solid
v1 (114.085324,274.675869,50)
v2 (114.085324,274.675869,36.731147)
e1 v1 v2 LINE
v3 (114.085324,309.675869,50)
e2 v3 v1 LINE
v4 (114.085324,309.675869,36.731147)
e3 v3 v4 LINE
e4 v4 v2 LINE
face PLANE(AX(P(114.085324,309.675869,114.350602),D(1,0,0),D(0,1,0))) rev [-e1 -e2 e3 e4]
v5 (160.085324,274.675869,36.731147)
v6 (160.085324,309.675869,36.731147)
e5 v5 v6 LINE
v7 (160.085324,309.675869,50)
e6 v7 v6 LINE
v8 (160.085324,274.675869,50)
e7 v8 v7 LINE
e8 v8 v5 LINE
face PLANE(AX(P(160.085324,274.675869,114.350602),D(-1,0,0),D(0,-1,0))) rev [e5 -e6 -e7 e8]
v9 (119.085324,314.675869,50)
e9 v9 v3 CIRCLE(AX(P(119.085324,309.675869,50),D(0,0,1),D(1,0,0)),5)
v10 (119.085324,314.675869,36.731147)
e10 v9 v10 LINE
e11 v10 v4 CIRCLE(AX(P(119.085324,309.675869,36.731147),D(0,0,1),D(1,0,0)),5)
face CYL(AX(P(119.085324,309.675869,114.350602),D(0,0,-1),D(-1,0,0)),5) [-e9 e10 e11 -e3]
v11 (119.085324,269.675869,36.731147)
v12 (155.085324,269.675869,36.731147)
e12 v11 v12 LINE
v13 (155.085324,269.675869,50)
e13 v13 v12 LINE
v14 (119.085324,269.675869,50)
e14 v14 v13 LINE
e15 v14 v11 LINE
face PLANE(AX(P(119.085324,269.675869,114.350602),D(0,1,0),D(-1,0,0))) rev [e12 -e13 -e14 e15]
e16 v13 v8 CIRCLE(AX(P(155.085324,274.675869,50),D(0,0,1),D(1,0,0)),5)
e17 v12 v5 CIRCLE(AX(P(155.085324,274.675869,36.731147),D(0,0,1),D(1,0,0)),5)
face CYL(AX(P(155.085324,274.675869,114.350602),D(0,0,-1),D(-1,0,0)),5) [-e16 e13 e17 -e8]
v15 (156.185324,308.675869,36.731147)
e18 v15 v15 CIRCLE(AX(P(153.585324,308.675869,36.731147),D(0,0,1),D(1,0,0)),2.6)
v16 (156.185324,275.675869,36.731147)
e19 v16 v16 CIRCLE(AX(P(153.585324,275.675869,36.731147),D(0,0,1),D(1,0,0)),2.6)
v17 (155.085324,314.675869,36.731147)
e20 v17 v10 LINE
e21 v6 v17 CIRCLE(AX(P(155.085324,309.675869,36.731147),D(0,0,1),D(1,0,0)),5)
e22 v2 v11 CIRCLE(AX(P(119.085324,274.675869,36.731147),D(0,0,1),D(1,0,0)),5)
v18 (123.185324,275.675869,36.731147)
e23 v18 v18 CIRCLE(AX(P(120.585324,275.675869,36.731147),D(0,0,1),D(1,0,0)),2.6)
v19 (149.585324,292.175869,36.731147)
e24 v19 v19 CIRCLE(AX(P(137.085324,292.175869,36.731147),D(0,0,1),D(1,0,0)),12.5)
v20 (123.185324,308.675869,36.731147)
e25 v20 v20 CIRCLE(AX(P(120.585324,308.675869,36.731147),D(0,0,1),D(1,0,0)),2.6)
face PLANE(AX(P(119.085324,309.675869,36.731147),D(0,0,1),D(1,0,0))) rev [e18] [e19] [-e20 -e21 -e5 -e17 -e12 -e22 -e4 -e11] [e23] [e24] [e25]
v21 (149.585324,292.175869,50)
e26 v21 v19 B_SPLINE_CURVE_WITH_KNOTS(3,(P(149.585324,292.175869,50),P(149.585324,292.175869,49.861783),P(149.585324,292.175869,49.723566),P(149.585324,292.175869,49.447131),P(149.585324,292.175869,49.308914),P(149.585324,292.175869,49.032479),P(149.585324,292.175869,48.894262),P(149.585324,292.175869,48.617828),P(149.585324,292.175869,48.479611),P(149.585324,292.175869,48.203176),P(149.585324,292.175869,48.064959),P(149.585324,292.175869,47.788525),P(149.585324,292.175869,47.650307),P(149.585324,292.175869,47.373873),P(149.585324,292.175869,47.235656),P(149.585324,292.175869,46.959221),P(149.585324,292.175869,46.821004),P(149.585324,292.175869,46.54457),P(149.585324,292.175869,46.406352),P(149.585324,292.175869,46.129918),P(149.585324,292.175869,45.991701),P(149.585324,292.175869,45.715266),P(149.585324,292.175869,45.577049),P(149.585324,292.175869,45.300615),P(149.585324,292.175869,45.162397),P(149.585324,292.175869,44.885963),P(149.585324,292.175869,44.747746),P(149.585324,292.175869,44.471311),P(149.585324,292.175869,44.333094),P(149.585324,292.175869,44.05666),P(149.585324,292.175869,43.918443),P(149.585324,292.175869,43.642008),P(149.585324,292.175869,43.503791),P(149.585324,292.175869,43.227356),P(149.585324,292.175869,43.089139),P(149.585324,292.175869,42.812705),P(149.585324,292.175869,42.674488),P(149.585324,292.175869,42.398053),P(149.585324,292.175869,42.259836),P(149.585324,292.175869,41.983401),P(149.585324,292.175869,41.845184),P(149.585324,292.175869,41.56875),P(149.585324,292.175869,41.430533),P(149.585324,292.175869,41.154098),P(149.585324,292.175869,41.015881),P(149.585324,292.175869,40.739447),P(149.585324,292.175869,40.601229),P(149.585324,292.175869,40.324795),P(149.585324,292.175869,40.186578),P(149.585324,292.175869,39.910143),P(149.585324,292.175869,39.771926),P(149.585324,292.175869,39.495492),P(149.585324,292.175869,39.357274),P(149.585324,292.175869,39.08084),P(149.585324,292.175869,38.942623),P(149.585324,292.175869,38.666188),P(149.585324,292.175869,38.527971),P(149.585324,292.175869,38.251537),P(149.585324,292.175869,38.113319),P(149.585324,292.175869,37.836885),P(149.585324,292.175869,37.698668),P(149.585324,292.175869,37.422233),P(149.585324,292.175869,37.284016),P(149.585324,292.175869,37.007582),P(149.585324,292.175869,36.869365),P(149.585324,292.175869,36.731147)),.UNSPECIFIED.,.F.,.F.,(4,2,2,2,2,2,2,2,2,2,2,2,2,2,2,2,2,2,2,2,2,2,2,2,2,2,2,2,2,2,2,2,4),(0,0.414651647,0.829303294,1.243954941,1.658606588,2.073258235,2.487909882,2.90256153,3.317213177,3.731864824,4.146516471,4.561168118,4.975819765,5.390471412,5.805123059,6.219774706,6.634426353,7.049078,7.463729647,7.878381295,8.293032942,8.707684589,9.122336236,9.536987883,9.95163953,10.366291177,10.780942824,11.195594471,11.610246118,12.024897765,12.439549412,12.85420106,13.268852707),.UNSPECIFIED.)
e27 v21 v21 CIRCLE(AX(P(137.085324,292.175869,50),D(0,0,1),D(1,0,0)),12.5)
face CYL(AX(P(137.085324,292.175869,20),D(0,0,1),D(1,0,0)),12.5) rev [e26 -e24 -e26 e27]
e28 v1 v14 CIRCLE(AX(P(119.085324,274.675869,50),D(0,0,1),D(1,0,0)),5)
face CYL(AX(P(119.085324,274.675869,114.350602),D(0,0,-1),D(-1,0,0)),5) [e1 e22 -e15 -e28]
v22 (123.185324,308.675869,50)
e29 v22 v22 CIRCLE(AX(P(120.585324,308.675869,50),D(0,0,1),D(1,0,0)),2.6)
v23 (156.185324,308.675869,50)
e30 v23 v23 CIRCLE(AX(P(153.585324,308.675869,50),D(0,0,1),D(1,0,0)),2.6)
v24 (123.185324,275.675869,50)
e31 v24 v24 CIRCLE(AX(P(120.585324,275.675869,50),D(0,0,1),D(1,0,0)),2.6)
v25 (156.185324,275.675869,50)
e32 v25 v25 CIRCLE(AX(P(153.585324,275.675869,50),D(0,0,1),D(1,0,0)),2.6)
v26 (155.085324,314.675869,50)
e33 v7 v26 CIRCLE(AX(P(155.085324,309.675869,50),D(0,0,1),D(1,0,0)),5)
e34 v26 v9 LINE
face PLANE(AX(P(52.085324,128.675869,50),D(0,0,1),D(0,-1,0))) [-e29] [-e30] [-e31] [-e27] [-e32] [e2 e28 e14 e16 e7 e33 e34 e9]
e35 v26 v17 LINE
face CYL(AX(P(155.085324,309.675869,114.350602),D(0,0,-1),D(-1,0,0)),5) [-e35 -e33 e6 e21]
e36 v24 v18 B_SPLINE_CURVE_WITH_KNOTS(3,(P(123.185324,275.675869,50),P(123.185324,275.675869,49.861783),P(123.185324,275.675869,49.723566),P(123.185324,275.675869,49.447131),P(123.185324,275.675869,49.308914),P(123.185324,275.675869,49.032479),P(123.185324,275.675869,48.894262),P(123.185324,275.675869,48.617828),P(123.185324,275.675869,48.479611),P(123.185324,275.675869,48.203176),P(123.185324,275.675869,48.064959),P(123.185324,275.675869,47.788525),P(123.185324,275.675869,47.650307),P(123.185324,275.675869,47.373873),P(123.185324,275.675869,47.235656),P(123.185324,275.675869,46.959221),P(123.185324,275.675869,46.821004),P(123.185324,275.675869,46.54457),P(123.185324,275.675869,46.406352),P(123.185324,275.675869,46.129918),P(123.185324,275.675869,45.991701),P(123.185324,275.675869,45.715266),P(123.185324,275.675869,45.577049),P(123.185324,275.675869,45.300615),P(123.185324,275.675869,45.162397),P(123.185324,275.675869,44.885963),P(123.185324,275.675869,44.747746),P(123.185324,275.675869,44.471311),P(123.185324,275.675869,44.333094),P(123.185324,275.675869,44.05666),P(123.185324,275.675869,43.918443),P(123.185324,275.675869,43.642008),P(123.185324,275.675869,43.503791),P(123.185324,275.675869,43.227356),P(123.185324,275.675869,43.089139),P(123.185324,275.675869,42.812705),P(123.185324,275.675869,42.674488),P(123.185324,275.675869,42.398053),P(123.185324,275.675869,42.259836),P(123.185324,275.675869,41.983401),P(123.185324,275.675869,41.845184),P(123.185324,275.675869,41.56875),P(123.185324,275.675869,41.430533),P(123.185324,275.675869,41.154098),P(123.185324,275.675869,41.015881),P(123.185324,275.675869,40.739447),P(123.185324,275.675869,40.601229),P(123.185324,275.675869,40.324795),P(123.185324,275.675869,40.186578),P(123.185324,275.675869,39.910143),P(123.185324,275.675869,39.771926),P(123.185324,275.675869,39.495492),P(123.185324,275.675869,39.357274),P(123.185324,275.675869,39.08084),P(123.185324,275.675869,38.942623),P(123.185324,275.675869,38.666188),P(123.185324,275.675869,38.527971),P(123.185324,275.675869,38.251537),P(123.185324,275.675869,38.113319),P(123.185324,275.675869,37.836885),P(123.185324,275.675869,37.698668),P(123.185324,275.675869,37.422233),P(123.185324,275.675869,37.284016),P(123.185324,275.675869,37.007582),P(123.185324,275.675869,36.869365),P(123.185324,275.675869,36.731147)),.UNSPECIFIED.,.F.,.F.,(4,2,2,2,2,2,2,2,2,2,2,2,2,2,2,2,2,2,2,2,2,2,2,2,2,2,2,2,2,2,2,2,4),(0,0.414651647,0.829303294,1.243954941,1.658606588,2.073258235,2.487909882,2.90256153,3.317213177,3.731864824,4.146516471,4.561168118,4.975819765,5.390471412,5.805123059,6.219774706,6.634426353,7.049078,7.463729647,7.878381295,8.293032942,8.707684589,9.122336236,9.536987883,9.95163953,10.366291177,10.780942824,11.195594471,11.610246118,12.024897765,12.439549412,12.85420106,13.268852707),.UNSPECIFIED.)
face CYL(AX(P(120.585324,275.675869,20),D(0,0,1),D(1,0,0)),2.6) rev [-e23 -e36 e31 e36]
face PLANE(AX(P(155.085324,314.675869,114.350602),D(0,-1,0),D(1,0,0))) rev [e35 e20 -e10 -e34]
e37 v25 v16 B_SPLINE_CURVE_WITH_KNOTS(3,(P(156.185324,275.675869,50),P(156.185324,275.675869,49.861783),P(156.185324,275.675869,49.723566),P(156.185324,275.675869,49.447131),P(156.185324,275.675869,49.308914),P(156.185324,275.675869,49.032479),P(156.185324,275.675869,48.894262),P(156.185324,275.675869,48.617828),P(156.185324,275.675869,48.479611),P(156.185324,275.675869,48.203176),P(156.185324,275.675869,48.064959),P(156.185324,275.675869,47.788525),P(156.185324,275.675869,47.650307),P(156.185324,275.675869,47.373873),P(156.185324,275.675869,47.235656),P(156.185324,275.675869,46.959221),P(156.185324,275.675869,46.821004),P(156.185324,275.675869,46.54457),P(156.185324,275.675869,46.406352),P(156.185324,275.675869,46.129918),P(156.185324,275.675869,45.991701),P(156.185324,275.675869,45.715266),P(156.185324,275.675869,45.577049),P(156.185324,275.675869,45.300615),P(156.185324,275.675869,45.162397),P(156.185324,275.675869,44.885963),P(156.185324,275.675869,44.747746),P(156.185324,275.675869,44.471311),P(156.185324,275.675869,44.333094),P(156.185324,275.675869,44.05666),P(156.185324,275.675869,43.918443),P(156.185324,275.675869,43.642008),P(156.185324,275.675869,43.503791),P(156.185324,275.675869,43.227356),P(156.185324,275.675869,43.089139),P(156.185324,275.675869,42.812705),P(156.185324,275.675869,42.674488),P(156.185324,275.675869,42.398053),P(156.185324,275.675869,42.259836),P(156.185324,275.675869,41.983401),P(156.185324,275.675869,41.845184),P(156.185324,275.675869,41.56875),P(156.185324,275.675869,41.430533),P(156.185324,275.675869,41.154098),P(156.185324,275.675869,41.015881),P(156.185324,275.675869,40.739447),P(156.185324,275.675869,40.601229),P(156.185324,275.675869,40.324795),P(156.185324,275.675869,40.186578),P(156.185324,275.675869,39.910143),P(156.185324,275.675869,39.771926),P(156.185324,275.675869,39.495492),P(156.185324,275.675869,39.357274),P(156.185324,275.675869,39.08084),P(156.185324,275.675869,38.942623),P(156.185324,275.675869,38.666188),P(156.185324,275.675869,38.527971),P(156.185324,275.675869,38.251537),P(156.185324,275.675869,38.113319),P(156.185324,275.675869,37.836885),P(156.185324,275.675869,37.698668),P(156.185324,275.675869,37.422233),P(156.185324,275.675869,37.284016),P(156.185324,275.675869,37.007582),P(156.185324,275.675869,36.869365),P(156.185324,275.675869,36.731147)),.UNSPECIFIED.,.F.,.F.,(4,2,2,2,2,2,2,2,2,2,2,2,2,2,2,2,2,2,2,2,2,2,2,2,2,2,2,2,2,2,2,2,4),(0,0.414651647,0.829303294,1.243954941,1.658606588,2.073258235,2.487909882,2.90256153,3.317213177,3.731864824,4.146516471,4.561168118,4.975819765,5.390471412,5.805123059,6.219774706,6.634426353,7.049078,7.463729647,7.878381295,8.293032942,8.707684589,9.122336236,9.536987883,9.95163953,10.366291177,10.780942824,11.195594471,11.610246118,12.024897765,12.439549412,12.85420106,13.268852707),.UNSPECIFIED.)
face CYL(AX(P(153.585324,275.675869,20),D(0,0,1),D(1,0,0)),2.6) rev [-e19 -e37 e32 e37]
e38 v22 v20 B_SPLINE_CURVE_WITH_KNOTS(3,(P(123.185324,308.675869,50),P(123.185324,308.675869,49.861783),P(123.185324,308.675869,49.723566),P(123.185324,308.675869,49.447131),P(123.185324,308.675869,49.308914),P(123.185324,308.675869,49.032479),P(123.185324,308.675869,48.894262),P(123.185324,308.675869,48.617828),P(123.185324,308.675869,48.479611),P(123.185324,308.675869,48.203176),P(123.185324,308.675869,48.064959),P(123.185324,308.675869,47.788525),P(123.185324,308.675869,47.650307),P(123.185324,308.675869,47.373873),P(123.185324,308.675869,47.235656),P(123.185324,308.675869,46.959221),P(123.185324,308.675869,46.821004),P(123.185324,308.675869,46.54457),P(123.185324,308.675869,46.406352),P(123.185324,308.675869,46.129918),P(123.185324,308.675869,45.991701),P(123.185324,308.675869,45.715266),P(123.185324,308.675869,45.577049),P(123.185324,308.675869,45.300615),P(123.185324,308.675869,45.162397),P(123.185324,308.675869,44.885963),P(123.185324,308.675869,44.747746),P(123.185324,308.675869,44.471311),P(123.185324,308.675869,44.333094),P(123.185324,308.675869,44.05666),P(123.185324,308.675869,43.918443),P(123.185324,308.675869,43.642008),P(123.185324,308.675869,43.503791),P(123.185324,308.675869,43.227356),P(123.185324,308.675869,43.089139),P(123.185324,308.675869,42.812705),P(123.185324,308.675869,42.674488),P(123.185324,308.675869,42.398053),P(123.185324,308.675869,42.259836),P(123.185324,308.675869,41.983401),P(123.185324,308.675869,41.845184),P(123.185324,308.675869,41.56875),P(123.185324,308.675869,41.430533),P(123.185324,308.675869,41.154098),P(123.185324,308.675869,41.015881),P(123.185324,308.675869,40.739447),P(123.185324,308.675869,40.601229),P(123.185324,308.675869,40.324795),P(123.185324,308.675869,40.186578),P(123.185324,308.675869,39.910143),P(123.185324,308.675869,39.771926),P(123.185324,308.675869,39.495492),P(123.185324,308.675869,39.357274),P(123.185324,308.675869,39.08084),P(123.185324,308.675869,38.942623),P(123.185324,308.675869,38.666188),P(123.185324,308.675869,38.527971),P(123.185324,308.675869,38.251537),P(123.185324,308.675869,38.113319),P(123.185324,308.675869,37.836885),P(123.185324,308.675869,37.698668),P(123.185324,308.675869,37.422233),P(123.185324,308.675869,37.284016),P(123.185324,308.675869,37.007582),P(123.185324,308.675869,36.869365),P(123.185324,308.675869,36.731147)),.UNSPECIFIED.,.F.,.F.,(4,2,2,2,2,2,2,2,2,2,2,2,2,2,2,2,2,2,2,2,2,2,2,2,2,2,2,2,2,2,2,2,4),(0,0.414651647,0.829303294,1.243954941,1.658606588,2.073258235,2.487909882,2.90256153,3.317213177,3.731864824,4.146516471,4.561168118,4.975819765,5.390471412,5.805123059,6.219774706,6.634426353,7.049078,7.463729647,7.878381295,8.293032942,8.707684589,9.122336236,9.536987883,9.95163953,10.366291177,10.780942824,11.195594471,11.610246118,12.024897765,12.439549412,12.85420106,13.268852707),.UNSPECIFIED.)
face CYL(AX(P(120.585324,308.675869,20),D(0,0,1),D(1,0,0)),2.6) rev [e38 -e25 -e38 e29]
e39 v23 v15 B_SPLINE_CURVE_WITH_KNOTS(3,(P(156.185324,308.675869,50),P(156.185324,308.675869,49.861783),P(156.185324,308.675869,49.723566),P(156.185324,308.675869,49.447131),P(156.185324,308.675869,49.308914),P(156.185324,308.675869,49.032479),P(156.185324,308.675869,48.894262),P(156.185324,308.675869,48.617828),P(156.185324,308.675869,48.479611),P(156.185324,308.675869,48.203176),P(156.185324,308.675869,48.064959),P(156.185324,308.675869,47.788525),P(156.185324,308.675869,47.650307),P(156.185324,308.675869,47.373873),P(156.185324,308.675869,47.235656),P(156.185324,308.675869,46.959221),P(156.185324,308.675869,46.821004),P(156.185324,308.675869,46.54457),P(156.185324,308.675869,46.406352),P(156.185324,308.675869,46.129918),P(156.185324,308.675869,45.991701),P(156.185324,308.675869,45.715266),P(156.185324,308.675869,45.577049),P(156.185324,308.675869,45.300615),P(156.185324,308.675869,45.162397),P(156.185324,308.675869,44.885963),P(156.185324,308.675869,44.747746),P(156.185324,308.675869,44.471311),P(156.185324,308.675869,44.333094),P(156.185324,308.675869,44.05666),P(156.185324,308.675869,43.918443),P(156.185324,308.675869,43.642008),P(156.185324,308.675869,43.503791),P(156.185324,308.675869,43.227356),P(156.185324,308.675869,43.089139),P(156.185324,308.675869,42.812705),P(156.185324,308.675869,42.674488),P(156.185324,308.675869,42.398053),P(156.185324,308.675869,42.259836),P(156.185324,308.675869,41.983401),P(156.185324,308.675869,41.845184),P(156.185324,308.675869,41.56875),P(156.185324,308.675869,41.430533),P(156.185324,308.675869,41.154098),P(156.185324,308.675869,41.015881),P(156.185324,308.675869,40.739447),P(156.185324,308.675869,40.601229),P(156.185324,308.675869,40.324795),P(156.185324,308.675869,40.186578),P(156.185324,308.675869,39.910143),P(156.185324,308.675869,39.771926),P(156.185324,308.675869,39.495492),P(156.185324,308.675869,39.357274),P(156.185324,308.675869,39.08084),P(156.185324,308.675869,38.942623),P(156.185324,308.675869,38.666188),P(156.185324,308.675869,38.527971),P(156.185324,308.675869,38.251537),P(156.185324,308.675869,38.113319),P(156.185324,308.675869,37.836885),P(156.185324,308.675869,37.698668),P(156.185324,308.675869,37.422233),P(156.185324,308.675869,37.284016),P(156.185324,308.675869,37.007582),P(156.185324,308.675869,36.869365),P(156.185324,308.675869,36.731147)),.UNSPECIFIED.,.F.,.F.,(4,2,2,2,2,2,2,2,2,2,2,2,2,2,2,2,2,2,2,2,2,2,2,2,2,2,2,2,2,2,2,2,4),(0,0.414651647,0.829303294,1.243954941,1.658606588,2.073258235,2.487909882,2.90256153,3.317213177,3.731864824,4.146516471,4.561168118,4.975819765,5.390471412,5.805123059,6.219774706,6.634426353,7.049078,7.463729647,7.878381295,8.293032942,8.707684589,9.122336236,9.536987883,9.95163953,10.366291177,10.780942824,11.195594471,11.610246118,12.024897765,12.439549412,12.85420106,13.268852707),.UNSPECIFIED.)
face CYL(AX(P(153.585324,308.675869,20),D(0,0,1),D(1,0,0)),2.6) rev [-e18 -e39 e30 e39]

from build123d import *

# Parameters (mm, degrees)
EXTRUDE_1_DEPTH     = 13.268852707
SKETCH_2_R          = 2.6
CUT_EXTRUDE_1_DEPTH = 30
SKETCH_3_R          = 12.5
CUT_EXTRUDE_2_DEPTH = 30


with BuildPart() as part:
    # Эскиз1 → Бобышка-Вытянуть1 (new body)
    with BuildSketch(Plane.XY.offset(36.731147293)):
        with BuildLine():
            Line((114.085323537, 309.675869107), (114.085323537, 274.675869107))
            ThreePointArc((114.085323537, 274.675869107), (115.549789632, 271.140335201), (119.085323537, 269.675869107))
            Line((119.085323537, 269.675869107), (155.085323537, 269.675869107))
            ThreePointArc((155.085323537, 269.675869107), (158.620857443, 271.140335201), (160.085323537, 274.675869107))
            Line((160.085323537, 274.675869107), (160.085323537, 309.675869107))
            ThreePointArc((160.085323537, 309.675869107), (158.620857443, 313.211403013), (155.085323537, 314.675869107))
            Line((155.085323537, 314.675869107), (119.085323537, 314.675869107))
            ThreePointArc((119.085323537, 314.675869107), (115.549789632, 313.211403013), (114.085323537, 309.675869107))
        make_face()
    extrude(amount=EXTRUDE_1_DEPTH)

    # Эскиз2 → Вырез-Вытянуть1 (cut)
    with BuildSketch(Plane.XY.offset(50)):
        with Locations((153.585323537, 308.675869107)):
            Circle(SKETCH_2_R)
        with Locations((120.585323537, 308.675869107)):
            Circle(SKETCH_2_R)
        with Locations((120.585323537, 275.675869107)):
            Circle(SKETCH_2_R)
        with Locations((153.585323537, 275.675869107)):
            Circle(SKETCH_2_R)
    extrude(amount=-CUT_EXTRUDE_1_DEPTH, mode=Mode.SUBTRACT)

    # Эскиз3 → Вырез-Вытянуть2 (cut)
    with BuildSketch(Plane.XY.offset(50)):
        with Locations((137.085323537, 292.175869107)):
            Circle(SKETCH_3_R)
    extrude(amount=-CUT_EXTRUDE_2_DEPTH, mode=Mode.SUBTRACT)


solid = part.part
